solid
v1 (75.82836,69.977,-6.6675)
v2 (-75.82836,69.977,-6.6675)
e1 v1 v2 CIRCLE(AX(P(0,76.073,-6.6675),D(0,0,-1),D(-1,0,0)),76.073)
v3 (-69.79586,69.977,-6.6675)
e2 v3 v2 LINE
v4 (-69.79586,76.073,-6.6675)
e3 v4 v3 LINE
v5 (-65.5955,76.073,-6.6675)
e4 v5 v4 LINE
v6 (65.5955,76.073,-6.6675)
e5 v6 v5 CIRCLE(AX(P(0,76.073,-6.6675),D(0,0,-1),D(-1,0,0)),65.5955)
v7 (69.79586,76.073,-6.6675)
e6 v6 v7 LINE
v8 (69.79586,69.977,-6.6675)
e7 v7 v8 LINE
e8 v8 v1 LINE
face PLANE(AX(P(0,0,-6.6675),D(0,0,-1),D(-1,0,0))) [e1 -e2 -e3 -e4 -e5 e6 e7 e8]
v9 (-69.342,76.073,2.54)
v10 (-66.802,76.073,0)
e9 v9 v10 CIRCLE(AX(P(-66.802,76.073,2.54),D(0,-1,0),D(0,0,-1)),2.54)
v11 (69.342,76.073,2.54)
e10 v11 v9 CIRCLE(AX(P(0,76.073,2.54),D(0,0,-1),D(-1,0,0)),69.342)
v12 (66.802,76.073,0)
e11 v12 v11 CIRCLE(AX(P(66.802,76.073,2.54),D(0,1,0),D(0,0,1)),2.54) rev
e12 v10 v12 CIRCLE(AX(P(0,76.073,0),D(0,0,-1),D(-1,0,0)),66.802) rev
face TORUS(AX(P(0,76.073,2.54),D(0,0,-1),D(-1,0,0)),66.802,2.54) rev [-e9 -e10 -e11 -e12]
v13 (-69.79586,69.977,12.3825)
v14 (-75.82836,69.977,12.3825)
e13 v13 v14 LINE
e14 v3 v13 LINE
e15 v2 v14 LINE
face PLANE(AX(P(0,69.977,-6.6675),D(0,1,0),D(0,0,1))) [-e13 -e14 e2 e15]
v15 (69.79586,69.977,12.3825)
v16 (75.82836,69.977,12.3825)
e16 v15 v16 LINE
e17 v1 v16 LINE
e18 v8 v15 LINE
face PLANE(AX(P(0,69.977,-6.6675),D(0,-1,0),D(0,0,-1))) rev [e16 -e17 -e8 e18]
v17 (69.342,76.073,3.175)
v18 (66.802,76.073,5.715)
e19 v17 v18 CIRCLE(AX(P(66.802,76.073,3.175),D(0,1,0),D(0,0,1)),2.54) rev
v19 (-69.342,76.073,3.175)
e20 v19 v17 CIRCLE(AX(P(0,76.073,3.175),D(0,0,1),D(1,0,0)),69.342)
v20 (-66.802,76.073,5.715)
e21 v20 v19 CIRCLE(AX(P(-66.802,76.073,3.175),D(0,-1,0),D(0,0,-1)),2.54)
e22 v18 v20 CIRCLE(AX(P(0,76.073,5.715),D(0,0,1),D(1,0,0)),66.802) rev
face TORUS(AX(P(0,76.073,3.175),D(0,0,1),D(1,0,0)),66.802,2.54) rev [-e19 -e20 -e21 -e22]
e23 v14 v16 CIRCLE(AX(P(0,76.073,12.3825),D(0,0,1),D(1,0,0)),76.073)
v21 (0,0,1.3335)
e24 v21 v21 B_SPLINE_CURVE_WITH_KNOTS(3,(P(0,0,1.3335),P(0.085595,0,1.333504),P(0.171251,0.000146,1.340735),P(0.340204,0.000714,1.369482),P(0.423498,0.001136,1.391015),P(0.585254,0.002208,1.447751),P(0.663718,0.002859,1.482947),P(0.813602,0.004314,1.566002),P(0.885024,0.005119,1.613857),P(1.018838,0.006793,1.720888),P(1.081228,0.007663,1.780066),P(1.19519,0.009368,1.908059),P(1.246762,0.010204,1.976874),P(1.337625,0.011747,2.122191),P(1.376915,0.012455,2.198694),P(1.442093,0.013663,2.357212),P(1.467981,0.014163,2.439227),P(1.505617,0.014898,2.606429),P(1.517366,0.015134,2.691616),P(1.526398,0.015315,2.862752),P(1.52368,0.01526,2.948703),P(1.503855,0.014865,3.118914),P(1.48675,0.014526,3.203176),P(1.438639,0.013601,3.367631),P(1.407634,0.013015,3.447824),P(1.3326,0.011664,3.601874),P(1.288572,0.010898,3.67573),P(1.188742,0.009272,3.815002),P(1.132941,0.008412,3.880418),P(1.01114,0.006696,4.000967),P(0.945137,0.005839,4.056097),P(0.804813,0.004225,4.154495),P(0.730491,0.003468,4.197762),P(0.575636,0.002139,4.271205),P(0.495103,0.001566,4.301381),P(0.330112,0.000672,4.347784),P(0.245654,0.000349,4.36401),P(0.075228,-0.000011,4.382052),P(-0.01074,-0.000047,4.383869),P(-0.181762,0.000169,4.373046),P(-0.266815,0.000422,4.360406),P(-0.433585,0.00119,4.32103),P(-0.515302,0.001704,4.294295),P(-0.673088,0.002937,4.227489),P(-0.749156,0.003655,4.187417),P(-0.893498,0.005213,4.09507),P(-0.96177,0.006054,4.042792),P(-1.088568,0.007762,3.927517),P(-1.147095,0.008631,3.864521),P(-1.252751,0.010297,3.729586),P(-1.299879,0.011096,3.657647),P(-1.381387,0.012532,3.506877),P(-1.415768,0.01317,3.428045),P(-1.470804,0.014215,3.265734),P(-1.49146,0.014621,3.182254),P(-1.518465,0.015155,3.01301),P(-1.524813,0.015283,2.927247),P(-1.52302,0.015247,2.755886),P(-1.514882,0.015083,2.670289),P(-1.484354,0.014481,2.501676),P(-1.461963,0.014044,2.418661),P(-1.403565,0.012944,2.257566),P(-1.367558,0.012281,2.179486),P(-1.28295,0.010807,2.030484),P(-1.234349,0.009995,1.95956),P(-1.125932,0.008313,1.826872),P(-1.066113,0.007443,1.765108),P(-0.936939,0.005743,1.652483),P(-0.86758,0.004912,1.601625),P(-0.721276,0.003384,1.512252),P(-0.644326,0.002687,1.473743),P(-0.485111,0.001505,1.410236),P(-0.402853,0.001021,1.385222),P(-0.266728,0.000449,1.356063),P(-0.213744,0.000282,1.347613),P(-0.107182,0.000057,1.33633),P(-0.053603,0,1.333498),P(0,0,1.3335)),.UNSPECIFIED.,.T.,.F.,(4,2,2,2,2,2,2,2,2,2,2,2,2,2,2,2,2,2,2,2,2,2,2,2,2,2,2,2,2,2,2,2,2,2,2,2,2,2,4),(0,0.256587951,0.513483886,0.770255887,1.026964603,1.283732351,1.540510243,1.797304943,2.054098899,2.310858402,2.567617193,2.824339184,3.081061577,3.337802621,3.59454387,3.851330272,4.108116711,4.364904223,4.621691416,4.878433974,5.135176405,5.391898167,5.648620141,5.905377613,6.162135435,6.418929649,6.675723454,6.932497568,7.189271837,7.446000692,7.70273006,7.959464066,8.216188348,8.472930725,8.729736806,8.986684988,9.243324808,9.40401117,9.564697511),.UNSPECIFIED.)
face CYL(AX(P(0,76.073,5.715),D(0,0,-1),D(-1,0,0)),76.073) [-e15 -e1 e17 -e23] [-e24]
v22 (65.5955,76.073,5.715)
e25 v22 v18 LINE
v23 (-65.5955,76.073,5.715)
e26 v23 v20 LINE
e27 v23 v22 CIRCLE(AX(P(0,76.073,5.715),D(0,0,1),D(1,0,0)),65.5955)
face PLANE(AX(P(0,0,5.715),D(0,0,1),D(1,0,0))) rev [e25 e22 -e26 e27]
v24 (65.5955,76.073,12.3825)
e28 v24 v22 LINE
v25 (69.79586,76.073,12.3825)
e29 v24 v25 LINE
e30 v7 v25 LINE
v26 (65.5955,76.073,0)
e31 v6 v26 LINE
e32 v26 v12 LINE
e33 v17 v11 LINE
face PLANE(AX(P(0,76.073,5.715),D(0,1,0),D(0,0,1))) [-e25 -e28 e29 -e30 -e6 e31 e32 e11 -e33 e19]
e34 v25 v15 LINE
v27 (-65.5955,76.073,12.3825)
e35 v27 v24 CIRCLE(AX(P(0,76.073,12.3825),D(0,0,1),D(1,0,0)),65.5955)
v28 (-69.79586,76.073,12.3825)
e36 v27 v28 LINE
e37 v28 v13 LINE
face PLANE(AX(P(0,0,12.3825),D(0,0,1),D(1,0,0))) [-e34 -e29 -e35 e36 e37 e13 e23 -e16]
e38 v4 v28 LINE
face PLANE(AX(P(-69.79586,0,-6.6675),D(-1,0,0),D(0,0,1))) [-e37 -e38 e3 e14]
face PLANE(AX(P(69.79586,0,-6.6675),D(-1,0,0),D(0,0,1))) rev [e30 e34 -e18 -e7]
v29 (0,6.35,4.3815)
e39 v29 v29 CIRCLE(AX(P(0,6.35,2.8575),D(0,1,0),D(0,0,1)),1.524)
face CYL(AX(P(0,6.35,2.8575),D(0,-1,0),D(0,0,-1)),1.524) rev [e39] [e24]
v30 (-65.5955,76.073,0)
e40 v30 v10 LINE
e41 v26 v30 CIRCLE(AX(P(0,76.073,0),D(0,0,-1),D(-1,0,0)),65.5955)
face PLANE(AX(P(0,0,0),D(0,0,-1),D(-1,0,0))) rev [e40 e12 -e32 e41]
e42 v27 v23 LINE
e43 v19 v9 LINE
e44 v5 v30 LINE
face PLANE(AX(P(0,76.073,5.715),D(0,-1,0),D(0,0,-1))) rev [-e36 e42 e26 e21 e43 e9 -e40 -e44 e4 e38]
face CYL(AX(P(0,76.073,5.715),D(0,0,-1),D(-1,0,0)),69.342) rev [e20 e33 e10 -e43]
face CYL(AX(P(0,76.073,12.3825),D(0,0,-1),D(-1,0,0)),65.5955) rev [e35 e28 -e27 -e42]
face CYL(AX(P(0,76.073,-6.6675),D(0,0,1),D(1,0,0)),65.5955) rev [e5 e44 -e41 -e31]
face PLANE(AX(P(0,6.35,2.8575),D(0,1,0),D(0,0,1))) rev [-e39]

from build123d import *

# Parameters (mm, degrees)
BOSS_EXTRUDE1_DEPTH = 5.715
BOSS_EXTRUDE2_DEPTH = 6.6675
BOSS_EXTRUDE3_START = 6.6675
BOSS_EXTRUDE3_DEPTH = 6.6675
FILLET1_R           = 2.54
SKETCH5_R           = 1.524
CUT_EXTRUDE1_DEPTH  = 6.35
SKETCH6_W           = 6.0325
SKETCH6_H           = 6.096
CUT_EXTRUDE2_DEPTH  = 110.257060148
SKETCH7_W           = 13.176307298
SKETCH7_H           = 9.310122243
CUT_EXTRUDE3_DEPTH  = 110.257060009


with BuildPart() as part:
    # Sketch1 → Boss-Extrude1 (new body)
    with BuildSketch(Plane.XY):
        with BuildLine():
            ThreePointArc((69.342, 76.073), (0, 6.731), (-69.342, 76.073))
            Line((-69.342, 76.073), (-76.073, 76.073))
            ThreePointArc((-76.073, 76.073), (0, 0), (76.073, 76.073))
            Line((76.073, 76.073), (69.342, 76.073))
        make_face()
    extrude(amount=BOSS_EXTRUDE1_DEPTH)

    # Sketch3 → Boss-Extrude2 (add)
    with BuildSketch(Plane.XY.offset(5.715)):
        with BuildLine():
            ThreePointArc((65.5955, 76.073), (0, 10.4775), (-65.5955, 76.073))
            Line((-65.5955, 76.073), (-69.342, 76.073))
            ThreePointArc((-69.342, 76.073), (0, 6.731), (69.342, 76.073))
            Line((69.342, 76.073), (65.5955, 76.073))
        make_face()
        with BuildLine():
            Line((76.073, 76.073), (69.342, 76.073))
            ThreePointArc((69.342, 76.073), (0, 6.731), (-69.342, 76.073))
            Line((-69.342, 76.073), (-76.073, 76.073))
            ThreePointArc((-76.073, 76.073), (0, 0), (76.073, 76.073))
        make_face()
    extrude(amount=BOSS_EXTRUDE2_DEPTH)

    # Sketch4 → Boss-Extrude3 (add)
    with BuildSketch(Plane(origin=(0, 0, 0), x_dir=(-1, 0, 0), z_dir=(0, 0, -1)).offset(BOSS_EXTRUDE3_START)):
        with BuildLine():
            ThreePointArc((65.5955, 76.073), (0, 10.4775), (-65.5955, 76.073))
            Line((-65.5955, 76.073), (-69.342, 76.073))
            ThreePointArc((-69.342, 76.073), (0, 6.731), (69.342, 76.073))
            Line((69.342, 76.073), (65.5955, 76.073))
        make_face()
        with BuildLine():
            Line((76.073, 76.073), (69.342, 76.073))
            ThreePointArc((69.342, 76.073), (0, 6.731), (-69.342, 76.073))
            Line((-69.342, 76.073), (-76.073, 76.073))
            ThreePointArc((-76.073, 76.073), (0, 0), (76.073, 76.073))
        make_face()
    extrude(amount=-BOSS_EXTRUDE3_DEPTH)

    # Fillet1
    fillet1_edges = [part.edges().sort_by_distance(p)[0] for p in [
        (0, 6.731, 5.715),
        (0, 6.731, 0),
    ]]
    fillet(fillet1_edges, radius=FILLET1_R)

    # Sketch5 → Cut-Extrude1 (cut)
    with BuildSketch(Plane(origin=(0, 0, 0), x_dir=(1, 0, 0), z_dir=(0, 1, 0))):
        with Locations(Location((0, -2.8575, 0), (0, 0, 90))):
            Circle(SKETCH5_R)
    extrude(amount=CUT_EXTRUDE1_DEPTH, mode=Mode.SUBTRACT)

    # Sketch6 → Cut-Extrude2 (cut, through all)
    with BuildSketch(Plane.XY.offset(12.3825)):
        with BuildLine():
            Line((-82.07762594, 69.977), (-75.828359556, 69.977))
            ThreePointArc((-75.828359556, 69.977), (-76.011815284, 73.022546552), (-76.073, 76.073))
            Line((-76.073, 76.073), (-82.07762594, 76.073))
            Line((-82.07762594, 76.073), (-82.07762594, 69.977))
        make_face()
        with Locations((-72.812109556, 73.025)):
            Rectangle(SKETCH6_W, SKETCH6_H)
        with BuildLine():
            ThreePointArc((76.073, 76.073), (76.011815284, 73.022546552), (75.828359556, 69.977))
            Line((75.828359556, 69.977), (82.07762594, 69.977))
            Line((82.07762594, 69.977), (82.07762594, 76.073))
            Line((82.07762594, 76.073), (76.073, 76.073))
        make_face()
        with Locations((72.812109556, 73.025)):
            Rectangle(SKETCH6_W, SKETCH6_H)
    extrude(amount=-CUT_EXTRUDE2_DEPTH, mode=Mode.SUBTRACT)


with BuildPart() as cut_extrude2_piece_1:
    # of the separate pieces the step leaves, piece 1, a body of its own (cut_extrude2_pieces)
    add(part.part.solids().sort_by_distance((66.802, 76.073, 5.715))[0])


with BuildPart() as cut_extrude2_piece_2:
    # of the separate pieces the step leaves, piece 2, a body of its own (cut_extrude2_pieces)
    add(part.part.solids().sort_by_distance((75.828359556, 76.073, 12.3825))[0])


with BuildPart() as cut_extrude2_piece_3:
    # of the separate pieces the step leaves, piece 3, a body of its own (cut_extrude2_pieces)
    add(part.part.solids().sort_by_distance((-76.073, 76.073, 12.3825))[0])


with BuildPart() as cut_extrude3_tool:
    # Sketch7 → Cut-Extrude3 (new, through all)
    with BuildSketch(Plane.XY.offset(12.3825)):
        with Locations((-79.400263205, 74.632061122)):
            Rectangle(SKETCH7_W, SKETCH7_H)
        with Locations((79.400263205, 74.632061122)):
            Rectangle(SKETCH7_W, SKETCH7_H)
    extrude(amount=-CUT_EXTRUDE3_DEPTH)


with BuildPart() as cut_extrude2_piece_2_1:
    add(cut_extrude2_piece_2.part)

    # Cut-Extrude3: cut by cut_extrude3_tool
    add(cut_extrude3_tool.part, mode=Mode.SUBTRACT)


with BuildPart() as cut_extrude2_piece_3_1:
    add(cut_extrude2_piece_3.part)

    # Cut-Extrude3: cut by cut_extrude3_tool
    add(cut_extrude3_tool.part, mode=Mode.SUBTRACT)


solid = cut_extrude2_piece_1.part
